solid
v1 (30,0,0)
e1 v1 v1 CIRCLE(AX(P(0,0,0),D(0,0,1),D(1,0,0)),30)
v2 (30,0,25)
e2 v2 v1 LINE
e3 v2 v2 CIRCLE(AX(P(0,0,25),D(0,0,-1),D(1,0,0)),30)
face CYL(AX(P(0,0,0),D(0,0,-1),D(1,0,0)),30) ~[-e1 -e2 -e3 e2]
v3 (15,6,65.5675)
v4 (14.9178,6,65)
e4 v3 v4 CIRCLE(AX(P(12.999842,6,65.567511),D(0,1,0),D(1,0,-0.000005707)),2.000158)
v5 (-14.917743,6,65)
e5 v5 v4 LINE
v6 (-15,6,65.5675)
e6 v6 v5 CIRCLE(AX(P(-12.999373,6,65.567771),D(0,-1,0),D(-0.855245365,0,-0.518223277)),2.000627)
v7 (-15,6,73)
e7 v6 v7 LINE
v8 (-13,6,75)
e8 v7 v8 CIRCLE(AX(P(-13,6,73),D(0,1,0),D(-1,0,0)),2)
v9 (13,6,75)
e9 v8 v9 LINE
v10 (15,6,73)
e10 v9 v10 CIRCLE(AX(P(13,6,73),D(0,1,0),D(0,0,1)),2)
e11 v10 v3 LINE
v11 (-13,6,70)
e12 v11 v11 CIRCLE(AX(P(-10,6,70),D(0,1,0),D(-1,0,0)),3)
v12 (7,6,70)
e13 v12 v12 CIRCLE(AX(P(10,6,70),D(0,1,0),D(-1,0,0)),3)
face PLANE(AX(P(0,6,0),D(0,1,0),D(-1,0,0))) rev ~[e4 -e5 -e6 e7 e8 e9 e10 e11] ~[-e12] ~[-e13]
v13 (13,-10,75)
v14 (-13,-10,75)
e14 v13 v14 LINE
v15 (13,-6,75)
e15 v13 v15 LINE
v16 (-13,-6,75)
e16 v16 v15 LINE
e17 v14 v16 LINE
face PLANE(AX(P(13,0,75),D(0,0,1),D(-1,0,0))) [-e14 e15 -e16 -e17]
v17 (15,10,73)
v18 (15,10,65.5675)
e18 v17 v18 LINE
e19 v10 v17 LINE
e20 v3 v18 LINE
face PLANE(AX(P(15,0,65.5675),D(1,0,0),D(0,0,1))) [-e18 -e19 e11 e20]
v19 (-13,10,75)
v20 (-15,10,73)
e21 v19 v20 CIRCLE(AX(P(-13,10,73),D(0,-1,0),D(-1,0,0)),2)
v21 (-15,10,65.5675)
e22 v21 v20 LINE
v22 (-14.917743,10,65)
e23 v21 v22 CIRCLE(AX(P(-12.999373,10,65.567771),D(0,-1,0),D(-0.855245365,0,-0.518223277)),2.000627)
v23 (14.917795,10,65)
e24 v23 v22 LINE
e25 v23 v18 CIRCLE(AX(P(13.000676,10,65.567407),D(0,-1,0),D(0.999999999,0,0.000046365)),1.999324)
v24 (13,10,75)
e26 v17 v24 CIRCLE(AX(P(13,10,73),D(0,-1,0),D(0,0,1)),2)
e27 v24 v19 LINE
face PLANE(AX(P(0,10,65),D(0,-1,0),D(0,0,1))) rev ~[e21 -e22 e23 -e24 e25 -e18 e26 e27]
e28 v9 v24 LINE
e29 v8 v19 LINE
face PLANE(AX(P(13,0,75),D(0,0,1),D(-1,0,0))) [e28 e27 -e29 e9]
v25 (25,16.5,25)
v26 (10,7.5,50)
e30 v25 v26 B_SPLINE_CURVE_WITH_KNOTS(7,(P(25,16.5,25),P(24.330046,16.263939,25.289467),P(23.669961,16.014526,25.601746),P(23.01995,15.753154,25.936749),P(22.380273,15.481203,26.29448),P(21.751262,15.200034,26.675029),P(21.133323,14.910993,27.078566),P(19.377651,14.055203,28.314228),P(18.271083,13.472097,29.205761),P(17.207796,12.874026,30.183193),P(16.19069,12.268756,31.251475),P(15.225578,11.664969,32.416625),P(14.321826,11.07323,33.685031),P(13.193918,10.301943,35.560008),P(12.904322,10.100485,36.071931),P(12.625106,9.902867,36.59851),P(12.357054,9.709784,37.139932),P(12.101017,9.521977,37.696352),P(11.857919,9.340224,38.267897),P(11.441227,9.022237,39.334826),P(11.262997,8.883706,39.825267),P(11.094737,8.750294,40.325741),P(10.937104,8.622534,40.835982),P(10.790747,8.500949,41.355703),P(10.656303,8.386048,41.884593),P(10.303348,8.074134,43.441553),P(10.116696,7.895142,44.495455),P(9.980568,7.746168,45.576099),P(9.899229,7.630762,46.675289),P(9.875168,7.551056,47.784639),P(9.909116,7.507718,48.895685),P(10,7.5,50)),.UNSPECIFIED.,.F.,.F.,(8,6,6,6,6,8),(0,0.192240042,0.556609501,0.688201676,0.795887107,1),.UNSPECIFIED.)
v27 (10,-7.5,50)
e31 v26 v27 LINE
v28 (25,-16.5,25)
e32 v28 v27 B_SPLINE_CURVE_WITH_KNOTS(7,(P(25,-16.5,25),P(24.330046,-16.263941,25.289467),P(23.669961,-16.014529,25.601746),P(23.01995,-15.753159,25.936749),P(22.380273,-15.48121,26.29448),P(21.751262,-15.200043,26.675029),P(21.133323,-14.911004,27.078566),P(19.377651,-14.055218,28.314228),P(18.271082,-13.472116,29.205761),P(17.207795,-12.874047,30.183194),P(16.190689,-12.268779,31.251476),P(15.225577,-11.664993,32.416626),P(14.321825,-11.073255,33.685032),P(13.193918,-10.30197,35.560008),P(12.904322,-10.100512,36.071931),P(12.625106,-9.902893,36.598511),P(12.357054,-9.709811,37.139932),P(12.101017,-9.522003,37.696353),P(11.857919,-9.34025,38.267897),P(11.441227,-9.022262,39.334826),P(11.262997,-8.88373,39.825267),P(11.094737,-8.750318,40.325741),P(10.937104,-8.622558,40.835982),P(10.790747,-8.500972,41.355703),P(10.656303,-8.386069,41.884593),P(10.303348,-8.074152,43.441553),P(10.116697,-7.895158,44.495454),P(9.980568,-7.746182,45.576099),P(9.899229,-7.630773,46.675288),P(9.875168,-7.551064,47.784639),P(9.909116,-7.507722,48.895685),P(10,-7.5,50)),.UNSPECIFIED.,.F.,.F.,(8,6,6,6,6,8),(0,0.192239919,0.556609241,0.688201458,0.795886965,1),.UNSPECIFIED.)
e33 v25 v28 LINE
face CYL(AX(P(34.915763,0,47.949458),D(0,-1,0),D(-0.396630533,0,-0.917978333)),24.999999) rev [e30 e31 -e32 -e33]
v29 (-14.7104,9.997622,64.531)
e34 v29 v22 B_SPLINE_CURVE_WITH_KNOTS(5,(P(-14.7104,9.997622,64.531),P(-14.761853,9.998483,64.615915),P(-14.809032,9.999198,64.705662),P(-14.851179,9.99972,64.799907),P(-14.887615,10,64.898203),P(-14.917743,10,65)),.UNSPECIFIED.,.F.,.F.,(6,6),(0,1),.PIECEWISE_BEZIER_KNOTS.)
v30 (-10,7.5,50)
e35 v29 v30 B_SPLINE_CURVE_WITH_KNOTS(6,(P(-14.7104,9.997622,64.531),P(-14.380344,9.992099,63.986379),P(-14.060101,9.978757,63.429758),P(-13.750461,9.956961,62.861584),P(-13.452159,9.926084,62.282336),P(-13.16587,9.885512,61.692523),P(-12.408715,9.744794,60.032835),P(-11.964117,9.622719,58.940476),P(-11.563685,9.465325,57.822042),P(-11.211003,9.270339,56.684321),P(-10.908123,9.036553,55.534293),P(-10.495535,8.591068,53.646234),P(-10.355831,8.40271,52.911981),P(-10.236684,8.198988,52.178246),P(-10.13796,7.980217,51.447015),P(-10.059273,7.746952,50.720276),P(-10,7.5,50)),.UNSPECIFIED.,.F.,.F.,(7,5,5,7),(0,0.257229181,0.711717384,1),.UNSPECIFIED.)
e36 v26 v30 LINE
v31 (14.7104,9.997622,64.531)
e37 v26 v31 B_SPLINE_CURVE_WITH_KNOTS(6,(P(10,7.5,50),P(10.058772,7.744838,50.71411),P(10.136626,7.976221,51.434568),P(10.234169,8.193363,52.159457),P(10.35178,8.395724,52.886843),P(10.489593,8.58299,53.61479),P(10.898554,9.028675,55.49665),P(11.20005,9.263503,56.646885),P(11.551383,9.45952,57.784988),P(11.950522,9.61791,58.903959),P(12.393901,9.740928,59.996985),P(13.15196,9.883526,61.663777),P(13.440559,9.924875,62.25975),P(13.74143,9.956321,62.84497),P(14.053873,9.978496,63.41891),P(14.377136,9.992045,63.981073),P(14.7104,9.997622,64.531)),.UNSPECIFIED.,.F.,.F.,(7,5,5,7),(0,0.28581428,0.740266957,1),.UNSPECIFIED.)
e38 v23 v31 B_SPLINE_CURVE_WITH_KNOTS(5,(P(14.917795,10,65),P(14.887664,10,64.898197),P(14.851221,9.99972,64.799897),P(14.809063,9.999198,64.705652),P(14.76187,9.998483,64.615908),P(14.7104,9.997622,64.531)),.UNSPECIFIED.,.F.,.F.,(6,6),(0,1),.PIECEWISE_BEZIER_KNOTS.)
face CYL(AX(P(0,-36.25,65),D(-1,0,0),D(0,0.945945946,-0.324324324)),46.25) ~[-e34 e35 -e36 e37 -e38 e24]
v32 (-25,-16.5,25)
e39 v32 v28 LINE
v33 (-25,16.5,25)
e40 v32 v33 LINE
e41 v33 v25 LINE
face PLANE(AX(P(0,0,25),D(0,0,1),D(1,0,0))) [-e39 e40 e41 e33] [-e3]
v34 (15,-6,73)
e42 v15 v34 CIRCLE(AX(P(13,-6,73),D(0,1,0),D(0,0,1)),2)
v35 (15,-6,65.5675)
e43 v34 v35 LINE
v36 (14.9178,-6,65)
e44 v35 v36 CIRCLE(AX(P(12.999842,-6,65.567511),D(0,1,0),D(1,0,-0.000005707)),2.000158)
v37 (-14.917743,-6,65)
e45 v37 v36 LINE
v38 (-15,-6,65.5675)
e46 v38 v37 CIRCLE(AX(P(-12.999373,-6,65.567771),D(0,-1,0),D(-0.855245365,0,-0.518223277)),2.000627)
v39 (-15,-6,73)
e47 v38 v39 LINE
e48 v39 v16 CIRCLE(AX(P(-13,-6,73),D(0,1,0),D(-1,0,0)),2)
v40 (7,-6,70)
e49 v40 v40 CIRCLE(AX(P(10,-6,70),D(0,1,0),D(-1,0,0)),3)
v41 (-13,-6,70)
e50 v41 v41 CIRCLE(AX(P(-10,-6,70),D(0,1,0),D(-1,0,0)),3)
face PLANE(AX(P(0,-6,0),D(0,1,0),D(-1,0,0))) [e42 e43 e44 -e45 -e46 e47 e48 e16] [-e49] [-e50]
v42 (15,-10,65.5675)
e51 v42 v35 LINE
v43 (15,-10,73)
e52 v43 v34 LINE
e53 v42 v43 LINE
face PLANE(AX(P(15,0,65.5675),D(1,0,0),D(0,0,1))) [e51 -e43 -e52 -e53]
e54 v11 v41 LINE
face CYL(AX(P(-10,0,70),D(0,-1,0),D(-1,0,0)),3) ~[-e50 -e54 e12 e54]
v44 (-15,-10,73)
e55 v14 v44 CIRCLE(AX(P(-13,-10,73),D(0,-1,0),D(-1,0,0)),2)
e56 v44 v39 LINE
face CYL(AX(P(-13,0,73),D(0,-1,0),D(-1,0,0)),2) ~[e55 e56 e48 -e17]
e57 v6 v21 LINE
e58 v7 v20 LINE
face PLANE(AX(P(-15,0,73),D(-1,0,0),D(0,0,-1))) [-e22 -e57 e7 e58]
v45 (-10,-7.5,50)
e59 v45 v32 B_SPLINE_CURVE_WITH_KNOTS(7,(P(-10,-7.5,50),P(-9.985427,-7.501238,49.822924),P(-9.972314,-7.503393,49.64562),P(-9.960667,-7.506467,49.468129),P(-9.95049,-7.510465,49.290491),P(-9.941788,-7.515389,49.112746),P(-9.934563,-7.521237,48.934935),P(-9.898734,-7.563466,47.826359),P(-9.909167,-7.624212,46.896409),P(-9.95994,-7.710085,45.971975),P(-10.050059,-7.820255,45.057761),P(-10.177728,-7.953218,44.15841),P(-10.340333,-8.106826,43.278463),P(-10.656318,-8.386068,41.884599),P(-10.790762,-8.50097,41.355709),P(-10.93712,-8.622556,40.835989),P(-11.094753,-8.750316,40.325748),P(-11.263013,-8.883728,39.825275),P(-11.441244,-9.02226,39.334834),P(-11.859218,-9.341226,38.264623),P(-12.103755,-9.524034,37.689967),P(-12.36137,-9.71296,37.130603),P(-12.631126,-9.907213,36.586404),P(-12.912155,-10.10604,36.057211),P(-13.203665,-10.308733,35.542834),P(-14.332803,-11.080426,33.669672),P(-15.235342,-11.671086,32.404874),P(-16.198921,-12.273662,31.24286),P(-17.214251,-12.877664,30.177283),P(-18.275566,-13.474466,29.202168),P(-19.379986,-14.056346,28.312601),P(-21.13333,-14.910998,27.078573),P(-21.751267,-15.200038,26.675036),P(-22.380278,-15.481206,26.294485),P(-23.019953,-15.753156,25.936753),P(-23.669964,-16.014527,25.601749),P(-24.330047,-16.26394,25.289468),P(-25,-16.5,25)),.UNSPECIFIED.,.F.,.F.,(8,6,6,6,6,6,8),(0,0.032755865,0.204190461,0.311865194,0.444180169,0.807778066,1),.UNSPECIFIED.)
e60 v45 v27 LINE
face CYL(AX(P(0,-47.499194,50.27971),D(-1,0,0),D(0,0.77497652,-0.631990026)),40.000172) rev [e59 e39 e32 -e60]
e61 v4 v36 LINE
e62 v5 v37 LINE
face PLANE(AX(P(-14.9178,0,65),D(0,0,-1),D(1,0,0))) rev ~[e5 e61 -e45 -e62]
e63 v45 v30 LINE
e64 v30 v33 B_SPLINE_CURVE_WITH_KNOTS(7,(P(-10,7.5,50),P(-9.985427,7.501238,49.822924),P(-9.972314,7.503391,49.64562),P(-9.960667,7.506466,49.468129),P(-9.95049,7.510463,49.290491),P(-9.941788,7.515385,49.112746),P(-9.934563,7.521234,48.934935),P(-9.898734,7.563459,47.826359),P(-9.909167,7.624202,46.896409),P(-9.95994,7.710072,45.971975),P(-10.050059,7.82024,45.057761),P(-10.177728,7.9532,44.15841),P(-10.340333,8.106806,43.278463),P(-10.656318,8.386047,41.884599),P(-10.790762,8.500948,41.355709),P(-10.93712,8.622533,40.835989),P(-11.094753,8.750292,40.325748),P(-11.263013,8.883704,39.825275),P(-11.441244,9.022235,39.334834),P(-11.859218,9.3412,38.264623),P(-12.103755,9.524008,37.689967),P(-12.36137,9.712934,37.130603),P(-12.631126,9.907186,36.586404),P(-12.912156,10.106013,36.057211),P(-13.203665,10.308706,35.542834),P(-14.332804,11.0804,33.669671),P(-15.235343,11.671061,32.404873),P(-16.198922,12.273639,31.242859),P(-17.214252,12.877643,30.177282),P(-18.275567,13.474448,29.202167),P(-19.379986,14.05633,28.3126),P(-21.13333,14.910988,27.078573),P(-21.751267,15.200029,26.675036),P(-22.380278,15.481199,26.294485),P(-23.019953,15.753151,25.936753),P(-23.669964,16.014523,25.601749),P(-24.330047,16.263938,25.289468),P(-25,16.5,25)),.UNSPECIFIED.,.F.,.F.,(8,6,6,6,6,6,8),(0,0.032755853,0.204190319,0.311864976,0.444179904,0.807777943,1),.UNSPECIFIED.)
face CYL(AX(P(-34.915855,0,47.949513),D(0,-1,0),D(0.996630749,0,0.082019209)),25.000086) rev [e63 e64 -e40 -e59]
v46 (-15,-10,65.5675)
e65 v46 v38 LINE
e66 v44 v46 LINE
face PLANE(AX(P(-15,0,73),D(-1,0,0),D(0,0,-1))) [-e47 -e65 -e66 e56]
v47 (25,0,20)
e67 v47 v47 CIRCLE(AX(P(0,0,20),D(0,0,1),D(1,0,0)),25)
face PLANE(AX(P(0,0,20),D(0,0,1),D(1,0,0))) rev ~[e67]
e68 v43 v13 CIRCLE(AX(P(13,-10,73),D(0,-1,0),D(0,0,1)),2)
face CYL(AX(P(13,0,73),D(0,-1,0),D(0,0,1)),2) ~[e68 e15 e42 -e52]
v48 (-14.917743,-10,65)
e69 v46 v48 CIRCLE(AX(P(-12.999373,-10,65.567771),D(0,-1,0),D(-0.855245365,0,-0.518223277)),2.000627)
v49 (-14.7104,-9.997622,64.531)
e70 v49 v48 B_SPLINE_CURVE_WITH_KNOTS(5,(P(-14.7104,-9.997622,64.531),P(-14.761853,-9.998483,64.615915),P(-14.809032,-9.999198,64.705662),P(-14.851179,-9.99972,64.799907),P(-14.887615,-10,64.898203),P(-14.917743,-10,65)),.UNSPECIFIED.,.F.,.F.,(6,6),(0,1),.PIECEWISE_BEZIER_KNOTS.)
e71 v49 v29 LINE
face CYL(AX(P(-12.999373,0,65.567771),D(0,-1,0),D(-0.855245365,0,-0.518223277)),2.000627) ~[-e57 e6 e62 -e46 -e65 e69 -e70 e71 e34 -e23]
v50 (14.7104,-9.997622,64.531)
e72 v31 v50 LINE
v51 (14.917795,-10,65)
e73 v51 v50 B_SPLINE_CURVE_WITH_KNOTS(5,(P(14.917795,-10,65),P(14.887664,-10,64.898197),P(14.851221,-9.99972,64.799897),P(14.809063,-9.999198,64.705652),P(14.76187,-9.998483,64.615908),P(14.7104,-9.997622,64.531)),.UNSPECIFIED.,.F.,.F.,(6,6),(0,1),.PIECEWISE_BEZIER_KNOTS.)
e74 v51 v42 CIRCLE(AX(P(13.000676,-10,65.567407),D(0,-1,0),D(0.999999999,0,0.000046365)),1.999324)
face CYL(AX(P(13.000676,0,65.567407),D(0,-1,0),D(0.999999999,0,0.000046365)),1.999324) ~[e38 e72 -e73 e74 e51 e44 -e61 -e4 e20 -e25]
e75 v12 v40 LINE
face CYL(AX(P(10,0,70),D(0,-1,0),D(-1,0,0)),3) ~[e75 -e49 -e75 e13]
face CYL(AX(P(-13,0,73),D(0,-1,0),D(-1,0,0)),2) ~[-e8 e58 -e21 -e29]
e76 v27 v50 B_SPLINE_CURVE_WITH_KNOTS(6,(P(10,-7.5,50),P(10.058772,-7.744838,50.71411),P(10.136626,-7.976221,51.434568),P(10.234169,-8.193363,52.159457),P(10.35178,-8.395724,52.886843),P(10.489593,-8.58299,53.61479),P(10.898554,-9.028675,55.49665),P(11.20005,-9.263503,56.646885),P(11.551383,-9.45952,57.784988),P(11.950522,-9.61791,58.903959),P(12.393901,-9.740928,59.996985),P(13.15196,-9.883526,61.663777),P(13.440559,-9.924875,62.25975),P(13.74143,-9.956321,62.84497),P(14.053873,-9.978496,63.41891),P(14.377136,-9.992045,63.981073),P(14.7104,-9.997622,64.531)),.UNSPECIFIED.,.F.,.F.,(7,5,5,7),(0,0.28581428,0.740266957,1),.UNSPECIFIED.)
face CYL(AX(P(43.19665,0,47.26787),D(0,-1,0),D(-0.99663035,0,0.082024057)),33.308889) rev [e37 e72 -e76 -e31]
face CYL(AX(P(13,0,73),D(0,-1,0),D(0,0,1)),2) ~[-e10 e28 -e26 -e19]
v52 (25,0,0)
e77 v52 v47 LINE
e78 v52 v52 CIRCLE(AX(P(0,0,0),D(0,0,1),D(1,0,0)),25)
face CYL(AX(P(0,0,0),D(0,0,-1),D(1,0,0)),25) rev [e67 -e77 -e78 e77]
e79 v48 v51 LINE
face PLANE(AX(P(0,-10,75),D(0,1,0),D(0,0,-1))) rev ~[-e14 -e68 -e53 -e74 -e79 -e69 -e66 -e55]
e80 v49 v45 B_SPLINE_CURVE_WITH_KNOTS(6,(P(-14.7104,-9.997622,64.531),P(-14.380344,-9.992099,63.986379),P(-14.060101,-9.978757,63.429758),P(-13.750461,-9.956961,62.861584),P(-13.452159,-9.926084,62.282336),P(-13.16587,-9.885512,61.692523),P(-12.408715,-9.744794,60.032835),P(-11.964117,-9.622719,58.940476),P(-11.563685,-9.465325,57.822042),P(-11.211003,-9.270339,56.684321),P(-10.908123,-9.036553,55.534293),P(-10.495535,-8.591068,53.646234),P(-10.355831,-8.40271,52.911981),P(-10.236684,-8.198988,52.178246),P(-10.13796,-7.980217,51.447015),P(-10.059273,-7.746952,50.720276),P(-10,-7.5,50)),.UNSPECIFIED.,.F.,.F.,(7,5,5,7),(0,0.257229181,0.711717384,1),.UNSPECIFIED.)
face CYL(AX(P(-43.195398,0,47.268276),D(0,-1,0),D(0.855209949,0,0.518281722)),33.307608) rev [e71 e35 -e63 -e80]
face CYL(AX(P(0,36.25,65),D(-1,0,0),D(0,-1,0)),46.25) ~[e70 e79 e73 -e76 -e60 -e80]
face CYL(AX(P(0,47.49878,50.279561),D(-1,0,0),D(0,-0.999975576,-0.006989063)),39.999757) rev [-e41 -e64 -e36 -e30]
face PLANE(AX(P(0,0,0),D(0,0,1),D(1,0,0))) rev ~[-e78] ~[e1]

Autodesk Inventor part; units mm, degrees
ref_plane "YZ Plane" through (0, 0, 0) normal (1, 0, 0) x (0, 1, 0)
ref_plane "XZ Plane" through (0, 0, 0) normal (0, 1, 0) x (-1, 0, 0)
ref_plane "XY Plane" through (0, 0, 0) normal (0, 0, 1) x (1, 0, 0)
sketch "Sketch1" plane through (0, 0, 0) normal (0, 0, 1) x (1, 0, 0)
  circle A0 centre (0, 0) radius 25
  circle A1 centre (0, 0) radius 30
  dimension "d0" = 50
  dimension "d1" = 60
extrude "Extrusion1" add sketch "Sketch1" along normal blind 20
sketch "Sketch2" plane through (0, 0, 20) normal (0, 0, 1) x (1, 0, 0)
  circle A0 centre (0, 0) radius 30 projected
extrude "Extrusion2" add sketch "Sketch2" along normal blind 5
sketch "Sketch3" plane through (0, 0, 0) normal (0, 1, 0) x (-1, 0, 0)
  line L0 (30, 25) -> (-30, 25) projected
  arc A0 (-25, 25) -> (-10, 50) centre (-34.9158, 47.9495) ccw
  arc A1 (10, 50) -> (25, 25) centre (34.9158, 47.9495) ccw
  line L1 (-25, 20) -> (-25, 0) projected
  line L2 (25, 20) -> (25, 0) projected
  line L3 (-10, 50) -> (10, 50)
  arc A2 (-10, 50) -> (-23.3636, 64.782) centre (-26.3452, 48.6548) ccw construction
  line L4 (-10, 50) -> (-25, 65) construction
  line L5 (-10, 50) -> (11.2132, 50) construction
  arc A3 (23.3636, 64.782) -> (10, 50) centre (26.3452, 48.6548) ccw construction
  line L6 (-23, 75) -> (13, 75) construction
  line L7 (-25, 66.7486) -> (-25, 73) construction
  line L8 (25, 66.7486) -> (25, 73) construction
  arc A4 (-23, 75) -> (-25, 73) centre (-23, 73) ccw construction
  arc A5 (-25, 66.7486) -> (-23.3636, 64.782) centre (-23, 66.7486) ccw construction
  arc A6 (23.3636, 64.782) -> (25, 66.7486) centre (23, 66.7486) ccw construction
  arc A7 (25, 73) -> (23, 75) centre (23, 73) ccw construction
  line L9 (-13, 75) -> (15, 75)
  line L10 (15, 73) -> (15, 65.5675)
  line L11 (15, 65) -> (-15, 65) construction
  line L12 (-15, 65.5675) -> (-15, 73)
  arc A8 (-10, 50) -> (-14.7104, 64.531) centre (-43.196, 47.268) ccw
  arc A9 (14.7104, 64.531) -> (10, 50) centre (43.196, 47.268) ccw
  arc A10 (-15, 65.5675) -> (-14.7104, 64.531) centre (-13, 65.5675) ccw
  arc A11 (-13, 75) -> (-15, 73) centre (-13, 73) ccw
  arc A12 (15, 73) -> (13, 75) centre (13, 73) ccw
  arc A13 (14.7104, 64.531) -> (15, 65.5675) centre (13, 65.5675) ccw
  point P0 (0, 0)
  point P1 (25, 65)
  point P2 (-15, 75)
  dimension "d6" = 25
  dimension "d7" = 25
  dimension "d8" = 20
  dimension "d9" = 10
  dimension "d10" = 25
  dimension "d11" = 135
  dimension "d12" = 135
  dimension "d13" = 10
  dimension "d14" = 2
  dimension "d33" = 50
  dimension "d34" = 30
  dimension "d35" = 15
  dimension "d36" = 10
  dimension "d37" = 15
  dimension "d38" = 2
extrude "Extrusion3" add sketch "Sketch3" along normal mid plane 33
sketch "Sketch6" plane through (0, 0, 0) normal (1, 0, 0) x (0, 1, 0)
  line L0 (16.5, 25) -> (-16.5, 25) projected
  line L1 (16.5, 50) -> (-16.5, 50) projected
  line L2 (0, 50) -> (7.5, 50)
  line L3 (0, 50) -> (-7.5, 50)
  line L4 (-16.5, 25) -> (-16.5, 50) projected
  arc A0 (-16.5, 25) -> (-7.5, 50) centre (-47.499, 50.2796) ccw
  line L5 (16.5, 50) -> (16.5, 25) projected
  arc A1 (7.5, 50) -> (16.5, 25) centre (47.499, 50.2796) ccw
  line L6 (-16.5, 75) -> (16.5, 75) projected
  line L7 (10, 75) -> (-10, 75)
  line L8 (-10, 75) -> (-10, 65)
  line L9 (-10, 65) -> (10, 65)
  line L10 (10, 65) -> (10, 75)
  arc A2 (7.5, 50) -> (10, 65) centre (-36.25, 65) ccw
  arc A3 (-10, 65) -> (-7.5, 50) centre (36.25, 65) ccw
  line L11 (16.5, 64.531) -> (16.5, 50) projected
  line L12 (16.5, 50) -> (16.5, 75)
  line L13 (-16.5, 50) -> (-16.5, 64.531) projected
  line L14 (-16.5, 75) -> (-16.5, 50)
  point P0 (0, 0)
  dimension "d39" = 7.5
  dimension "d40" = 7.5
  dimension "d41" = 40
  dimension "d42" = 40
  dimension "d43" = 20
  dimension "d44" = 10
  dimension "d46" = 20
  dimension "d47" = 10
  dimension "d48" = 10
extrude "Extrusion6" cut sketch "Sketch6" along normal through all both and the other way through all contours A1 L1 L5 | L4 L1 A0 | L1 A2 L10 L6 L12 L11 | L13 L14 L6 L8 A3 L1
sketch "Sketch7" plane through (0, 0, 0) normal (0, 1, 0) x (-1, 0, 0)
  arc A0 (14.9178, 65) -> (15, 65.5675) centre (13, 65.5675) ccw projected
  line L0 (14.9178, 65) -> (-14.9178, 65) projected
  arc A1 (-15, 65.5675) -> (-14.9178, 65) centre (-13, 65.5675) ccw projected
  line L1 (-15, 73) -> (-15, 65.5675) projected
  arc A2 (-13, 75) -> (-15, 73) centre (-13, 73) ccw projected
  line L2 (13, 75) -> (-13, 75) projected
  arc A3 (15, 73) -> (13, 75) centre (13, 73) ccw projected
  line L3 (15, 65.5675) -> (15, 73) projected
  circle A4 centre (10, 70) radius 3
  circle A5 centre (-10, 70) radius 3
  point P0 (0, 0)
  dimension "d51" = 6
  dimension "d52" = 6
  dimension "d53" = 5
  dimension "d54" = 5
  dimension "d55" = 5
  dimension "d56" = 5
extrude "Extrusion7" cut sketch "Sketch7" along normal mid plane 12
properties part number "Arm 6 v0.1"
